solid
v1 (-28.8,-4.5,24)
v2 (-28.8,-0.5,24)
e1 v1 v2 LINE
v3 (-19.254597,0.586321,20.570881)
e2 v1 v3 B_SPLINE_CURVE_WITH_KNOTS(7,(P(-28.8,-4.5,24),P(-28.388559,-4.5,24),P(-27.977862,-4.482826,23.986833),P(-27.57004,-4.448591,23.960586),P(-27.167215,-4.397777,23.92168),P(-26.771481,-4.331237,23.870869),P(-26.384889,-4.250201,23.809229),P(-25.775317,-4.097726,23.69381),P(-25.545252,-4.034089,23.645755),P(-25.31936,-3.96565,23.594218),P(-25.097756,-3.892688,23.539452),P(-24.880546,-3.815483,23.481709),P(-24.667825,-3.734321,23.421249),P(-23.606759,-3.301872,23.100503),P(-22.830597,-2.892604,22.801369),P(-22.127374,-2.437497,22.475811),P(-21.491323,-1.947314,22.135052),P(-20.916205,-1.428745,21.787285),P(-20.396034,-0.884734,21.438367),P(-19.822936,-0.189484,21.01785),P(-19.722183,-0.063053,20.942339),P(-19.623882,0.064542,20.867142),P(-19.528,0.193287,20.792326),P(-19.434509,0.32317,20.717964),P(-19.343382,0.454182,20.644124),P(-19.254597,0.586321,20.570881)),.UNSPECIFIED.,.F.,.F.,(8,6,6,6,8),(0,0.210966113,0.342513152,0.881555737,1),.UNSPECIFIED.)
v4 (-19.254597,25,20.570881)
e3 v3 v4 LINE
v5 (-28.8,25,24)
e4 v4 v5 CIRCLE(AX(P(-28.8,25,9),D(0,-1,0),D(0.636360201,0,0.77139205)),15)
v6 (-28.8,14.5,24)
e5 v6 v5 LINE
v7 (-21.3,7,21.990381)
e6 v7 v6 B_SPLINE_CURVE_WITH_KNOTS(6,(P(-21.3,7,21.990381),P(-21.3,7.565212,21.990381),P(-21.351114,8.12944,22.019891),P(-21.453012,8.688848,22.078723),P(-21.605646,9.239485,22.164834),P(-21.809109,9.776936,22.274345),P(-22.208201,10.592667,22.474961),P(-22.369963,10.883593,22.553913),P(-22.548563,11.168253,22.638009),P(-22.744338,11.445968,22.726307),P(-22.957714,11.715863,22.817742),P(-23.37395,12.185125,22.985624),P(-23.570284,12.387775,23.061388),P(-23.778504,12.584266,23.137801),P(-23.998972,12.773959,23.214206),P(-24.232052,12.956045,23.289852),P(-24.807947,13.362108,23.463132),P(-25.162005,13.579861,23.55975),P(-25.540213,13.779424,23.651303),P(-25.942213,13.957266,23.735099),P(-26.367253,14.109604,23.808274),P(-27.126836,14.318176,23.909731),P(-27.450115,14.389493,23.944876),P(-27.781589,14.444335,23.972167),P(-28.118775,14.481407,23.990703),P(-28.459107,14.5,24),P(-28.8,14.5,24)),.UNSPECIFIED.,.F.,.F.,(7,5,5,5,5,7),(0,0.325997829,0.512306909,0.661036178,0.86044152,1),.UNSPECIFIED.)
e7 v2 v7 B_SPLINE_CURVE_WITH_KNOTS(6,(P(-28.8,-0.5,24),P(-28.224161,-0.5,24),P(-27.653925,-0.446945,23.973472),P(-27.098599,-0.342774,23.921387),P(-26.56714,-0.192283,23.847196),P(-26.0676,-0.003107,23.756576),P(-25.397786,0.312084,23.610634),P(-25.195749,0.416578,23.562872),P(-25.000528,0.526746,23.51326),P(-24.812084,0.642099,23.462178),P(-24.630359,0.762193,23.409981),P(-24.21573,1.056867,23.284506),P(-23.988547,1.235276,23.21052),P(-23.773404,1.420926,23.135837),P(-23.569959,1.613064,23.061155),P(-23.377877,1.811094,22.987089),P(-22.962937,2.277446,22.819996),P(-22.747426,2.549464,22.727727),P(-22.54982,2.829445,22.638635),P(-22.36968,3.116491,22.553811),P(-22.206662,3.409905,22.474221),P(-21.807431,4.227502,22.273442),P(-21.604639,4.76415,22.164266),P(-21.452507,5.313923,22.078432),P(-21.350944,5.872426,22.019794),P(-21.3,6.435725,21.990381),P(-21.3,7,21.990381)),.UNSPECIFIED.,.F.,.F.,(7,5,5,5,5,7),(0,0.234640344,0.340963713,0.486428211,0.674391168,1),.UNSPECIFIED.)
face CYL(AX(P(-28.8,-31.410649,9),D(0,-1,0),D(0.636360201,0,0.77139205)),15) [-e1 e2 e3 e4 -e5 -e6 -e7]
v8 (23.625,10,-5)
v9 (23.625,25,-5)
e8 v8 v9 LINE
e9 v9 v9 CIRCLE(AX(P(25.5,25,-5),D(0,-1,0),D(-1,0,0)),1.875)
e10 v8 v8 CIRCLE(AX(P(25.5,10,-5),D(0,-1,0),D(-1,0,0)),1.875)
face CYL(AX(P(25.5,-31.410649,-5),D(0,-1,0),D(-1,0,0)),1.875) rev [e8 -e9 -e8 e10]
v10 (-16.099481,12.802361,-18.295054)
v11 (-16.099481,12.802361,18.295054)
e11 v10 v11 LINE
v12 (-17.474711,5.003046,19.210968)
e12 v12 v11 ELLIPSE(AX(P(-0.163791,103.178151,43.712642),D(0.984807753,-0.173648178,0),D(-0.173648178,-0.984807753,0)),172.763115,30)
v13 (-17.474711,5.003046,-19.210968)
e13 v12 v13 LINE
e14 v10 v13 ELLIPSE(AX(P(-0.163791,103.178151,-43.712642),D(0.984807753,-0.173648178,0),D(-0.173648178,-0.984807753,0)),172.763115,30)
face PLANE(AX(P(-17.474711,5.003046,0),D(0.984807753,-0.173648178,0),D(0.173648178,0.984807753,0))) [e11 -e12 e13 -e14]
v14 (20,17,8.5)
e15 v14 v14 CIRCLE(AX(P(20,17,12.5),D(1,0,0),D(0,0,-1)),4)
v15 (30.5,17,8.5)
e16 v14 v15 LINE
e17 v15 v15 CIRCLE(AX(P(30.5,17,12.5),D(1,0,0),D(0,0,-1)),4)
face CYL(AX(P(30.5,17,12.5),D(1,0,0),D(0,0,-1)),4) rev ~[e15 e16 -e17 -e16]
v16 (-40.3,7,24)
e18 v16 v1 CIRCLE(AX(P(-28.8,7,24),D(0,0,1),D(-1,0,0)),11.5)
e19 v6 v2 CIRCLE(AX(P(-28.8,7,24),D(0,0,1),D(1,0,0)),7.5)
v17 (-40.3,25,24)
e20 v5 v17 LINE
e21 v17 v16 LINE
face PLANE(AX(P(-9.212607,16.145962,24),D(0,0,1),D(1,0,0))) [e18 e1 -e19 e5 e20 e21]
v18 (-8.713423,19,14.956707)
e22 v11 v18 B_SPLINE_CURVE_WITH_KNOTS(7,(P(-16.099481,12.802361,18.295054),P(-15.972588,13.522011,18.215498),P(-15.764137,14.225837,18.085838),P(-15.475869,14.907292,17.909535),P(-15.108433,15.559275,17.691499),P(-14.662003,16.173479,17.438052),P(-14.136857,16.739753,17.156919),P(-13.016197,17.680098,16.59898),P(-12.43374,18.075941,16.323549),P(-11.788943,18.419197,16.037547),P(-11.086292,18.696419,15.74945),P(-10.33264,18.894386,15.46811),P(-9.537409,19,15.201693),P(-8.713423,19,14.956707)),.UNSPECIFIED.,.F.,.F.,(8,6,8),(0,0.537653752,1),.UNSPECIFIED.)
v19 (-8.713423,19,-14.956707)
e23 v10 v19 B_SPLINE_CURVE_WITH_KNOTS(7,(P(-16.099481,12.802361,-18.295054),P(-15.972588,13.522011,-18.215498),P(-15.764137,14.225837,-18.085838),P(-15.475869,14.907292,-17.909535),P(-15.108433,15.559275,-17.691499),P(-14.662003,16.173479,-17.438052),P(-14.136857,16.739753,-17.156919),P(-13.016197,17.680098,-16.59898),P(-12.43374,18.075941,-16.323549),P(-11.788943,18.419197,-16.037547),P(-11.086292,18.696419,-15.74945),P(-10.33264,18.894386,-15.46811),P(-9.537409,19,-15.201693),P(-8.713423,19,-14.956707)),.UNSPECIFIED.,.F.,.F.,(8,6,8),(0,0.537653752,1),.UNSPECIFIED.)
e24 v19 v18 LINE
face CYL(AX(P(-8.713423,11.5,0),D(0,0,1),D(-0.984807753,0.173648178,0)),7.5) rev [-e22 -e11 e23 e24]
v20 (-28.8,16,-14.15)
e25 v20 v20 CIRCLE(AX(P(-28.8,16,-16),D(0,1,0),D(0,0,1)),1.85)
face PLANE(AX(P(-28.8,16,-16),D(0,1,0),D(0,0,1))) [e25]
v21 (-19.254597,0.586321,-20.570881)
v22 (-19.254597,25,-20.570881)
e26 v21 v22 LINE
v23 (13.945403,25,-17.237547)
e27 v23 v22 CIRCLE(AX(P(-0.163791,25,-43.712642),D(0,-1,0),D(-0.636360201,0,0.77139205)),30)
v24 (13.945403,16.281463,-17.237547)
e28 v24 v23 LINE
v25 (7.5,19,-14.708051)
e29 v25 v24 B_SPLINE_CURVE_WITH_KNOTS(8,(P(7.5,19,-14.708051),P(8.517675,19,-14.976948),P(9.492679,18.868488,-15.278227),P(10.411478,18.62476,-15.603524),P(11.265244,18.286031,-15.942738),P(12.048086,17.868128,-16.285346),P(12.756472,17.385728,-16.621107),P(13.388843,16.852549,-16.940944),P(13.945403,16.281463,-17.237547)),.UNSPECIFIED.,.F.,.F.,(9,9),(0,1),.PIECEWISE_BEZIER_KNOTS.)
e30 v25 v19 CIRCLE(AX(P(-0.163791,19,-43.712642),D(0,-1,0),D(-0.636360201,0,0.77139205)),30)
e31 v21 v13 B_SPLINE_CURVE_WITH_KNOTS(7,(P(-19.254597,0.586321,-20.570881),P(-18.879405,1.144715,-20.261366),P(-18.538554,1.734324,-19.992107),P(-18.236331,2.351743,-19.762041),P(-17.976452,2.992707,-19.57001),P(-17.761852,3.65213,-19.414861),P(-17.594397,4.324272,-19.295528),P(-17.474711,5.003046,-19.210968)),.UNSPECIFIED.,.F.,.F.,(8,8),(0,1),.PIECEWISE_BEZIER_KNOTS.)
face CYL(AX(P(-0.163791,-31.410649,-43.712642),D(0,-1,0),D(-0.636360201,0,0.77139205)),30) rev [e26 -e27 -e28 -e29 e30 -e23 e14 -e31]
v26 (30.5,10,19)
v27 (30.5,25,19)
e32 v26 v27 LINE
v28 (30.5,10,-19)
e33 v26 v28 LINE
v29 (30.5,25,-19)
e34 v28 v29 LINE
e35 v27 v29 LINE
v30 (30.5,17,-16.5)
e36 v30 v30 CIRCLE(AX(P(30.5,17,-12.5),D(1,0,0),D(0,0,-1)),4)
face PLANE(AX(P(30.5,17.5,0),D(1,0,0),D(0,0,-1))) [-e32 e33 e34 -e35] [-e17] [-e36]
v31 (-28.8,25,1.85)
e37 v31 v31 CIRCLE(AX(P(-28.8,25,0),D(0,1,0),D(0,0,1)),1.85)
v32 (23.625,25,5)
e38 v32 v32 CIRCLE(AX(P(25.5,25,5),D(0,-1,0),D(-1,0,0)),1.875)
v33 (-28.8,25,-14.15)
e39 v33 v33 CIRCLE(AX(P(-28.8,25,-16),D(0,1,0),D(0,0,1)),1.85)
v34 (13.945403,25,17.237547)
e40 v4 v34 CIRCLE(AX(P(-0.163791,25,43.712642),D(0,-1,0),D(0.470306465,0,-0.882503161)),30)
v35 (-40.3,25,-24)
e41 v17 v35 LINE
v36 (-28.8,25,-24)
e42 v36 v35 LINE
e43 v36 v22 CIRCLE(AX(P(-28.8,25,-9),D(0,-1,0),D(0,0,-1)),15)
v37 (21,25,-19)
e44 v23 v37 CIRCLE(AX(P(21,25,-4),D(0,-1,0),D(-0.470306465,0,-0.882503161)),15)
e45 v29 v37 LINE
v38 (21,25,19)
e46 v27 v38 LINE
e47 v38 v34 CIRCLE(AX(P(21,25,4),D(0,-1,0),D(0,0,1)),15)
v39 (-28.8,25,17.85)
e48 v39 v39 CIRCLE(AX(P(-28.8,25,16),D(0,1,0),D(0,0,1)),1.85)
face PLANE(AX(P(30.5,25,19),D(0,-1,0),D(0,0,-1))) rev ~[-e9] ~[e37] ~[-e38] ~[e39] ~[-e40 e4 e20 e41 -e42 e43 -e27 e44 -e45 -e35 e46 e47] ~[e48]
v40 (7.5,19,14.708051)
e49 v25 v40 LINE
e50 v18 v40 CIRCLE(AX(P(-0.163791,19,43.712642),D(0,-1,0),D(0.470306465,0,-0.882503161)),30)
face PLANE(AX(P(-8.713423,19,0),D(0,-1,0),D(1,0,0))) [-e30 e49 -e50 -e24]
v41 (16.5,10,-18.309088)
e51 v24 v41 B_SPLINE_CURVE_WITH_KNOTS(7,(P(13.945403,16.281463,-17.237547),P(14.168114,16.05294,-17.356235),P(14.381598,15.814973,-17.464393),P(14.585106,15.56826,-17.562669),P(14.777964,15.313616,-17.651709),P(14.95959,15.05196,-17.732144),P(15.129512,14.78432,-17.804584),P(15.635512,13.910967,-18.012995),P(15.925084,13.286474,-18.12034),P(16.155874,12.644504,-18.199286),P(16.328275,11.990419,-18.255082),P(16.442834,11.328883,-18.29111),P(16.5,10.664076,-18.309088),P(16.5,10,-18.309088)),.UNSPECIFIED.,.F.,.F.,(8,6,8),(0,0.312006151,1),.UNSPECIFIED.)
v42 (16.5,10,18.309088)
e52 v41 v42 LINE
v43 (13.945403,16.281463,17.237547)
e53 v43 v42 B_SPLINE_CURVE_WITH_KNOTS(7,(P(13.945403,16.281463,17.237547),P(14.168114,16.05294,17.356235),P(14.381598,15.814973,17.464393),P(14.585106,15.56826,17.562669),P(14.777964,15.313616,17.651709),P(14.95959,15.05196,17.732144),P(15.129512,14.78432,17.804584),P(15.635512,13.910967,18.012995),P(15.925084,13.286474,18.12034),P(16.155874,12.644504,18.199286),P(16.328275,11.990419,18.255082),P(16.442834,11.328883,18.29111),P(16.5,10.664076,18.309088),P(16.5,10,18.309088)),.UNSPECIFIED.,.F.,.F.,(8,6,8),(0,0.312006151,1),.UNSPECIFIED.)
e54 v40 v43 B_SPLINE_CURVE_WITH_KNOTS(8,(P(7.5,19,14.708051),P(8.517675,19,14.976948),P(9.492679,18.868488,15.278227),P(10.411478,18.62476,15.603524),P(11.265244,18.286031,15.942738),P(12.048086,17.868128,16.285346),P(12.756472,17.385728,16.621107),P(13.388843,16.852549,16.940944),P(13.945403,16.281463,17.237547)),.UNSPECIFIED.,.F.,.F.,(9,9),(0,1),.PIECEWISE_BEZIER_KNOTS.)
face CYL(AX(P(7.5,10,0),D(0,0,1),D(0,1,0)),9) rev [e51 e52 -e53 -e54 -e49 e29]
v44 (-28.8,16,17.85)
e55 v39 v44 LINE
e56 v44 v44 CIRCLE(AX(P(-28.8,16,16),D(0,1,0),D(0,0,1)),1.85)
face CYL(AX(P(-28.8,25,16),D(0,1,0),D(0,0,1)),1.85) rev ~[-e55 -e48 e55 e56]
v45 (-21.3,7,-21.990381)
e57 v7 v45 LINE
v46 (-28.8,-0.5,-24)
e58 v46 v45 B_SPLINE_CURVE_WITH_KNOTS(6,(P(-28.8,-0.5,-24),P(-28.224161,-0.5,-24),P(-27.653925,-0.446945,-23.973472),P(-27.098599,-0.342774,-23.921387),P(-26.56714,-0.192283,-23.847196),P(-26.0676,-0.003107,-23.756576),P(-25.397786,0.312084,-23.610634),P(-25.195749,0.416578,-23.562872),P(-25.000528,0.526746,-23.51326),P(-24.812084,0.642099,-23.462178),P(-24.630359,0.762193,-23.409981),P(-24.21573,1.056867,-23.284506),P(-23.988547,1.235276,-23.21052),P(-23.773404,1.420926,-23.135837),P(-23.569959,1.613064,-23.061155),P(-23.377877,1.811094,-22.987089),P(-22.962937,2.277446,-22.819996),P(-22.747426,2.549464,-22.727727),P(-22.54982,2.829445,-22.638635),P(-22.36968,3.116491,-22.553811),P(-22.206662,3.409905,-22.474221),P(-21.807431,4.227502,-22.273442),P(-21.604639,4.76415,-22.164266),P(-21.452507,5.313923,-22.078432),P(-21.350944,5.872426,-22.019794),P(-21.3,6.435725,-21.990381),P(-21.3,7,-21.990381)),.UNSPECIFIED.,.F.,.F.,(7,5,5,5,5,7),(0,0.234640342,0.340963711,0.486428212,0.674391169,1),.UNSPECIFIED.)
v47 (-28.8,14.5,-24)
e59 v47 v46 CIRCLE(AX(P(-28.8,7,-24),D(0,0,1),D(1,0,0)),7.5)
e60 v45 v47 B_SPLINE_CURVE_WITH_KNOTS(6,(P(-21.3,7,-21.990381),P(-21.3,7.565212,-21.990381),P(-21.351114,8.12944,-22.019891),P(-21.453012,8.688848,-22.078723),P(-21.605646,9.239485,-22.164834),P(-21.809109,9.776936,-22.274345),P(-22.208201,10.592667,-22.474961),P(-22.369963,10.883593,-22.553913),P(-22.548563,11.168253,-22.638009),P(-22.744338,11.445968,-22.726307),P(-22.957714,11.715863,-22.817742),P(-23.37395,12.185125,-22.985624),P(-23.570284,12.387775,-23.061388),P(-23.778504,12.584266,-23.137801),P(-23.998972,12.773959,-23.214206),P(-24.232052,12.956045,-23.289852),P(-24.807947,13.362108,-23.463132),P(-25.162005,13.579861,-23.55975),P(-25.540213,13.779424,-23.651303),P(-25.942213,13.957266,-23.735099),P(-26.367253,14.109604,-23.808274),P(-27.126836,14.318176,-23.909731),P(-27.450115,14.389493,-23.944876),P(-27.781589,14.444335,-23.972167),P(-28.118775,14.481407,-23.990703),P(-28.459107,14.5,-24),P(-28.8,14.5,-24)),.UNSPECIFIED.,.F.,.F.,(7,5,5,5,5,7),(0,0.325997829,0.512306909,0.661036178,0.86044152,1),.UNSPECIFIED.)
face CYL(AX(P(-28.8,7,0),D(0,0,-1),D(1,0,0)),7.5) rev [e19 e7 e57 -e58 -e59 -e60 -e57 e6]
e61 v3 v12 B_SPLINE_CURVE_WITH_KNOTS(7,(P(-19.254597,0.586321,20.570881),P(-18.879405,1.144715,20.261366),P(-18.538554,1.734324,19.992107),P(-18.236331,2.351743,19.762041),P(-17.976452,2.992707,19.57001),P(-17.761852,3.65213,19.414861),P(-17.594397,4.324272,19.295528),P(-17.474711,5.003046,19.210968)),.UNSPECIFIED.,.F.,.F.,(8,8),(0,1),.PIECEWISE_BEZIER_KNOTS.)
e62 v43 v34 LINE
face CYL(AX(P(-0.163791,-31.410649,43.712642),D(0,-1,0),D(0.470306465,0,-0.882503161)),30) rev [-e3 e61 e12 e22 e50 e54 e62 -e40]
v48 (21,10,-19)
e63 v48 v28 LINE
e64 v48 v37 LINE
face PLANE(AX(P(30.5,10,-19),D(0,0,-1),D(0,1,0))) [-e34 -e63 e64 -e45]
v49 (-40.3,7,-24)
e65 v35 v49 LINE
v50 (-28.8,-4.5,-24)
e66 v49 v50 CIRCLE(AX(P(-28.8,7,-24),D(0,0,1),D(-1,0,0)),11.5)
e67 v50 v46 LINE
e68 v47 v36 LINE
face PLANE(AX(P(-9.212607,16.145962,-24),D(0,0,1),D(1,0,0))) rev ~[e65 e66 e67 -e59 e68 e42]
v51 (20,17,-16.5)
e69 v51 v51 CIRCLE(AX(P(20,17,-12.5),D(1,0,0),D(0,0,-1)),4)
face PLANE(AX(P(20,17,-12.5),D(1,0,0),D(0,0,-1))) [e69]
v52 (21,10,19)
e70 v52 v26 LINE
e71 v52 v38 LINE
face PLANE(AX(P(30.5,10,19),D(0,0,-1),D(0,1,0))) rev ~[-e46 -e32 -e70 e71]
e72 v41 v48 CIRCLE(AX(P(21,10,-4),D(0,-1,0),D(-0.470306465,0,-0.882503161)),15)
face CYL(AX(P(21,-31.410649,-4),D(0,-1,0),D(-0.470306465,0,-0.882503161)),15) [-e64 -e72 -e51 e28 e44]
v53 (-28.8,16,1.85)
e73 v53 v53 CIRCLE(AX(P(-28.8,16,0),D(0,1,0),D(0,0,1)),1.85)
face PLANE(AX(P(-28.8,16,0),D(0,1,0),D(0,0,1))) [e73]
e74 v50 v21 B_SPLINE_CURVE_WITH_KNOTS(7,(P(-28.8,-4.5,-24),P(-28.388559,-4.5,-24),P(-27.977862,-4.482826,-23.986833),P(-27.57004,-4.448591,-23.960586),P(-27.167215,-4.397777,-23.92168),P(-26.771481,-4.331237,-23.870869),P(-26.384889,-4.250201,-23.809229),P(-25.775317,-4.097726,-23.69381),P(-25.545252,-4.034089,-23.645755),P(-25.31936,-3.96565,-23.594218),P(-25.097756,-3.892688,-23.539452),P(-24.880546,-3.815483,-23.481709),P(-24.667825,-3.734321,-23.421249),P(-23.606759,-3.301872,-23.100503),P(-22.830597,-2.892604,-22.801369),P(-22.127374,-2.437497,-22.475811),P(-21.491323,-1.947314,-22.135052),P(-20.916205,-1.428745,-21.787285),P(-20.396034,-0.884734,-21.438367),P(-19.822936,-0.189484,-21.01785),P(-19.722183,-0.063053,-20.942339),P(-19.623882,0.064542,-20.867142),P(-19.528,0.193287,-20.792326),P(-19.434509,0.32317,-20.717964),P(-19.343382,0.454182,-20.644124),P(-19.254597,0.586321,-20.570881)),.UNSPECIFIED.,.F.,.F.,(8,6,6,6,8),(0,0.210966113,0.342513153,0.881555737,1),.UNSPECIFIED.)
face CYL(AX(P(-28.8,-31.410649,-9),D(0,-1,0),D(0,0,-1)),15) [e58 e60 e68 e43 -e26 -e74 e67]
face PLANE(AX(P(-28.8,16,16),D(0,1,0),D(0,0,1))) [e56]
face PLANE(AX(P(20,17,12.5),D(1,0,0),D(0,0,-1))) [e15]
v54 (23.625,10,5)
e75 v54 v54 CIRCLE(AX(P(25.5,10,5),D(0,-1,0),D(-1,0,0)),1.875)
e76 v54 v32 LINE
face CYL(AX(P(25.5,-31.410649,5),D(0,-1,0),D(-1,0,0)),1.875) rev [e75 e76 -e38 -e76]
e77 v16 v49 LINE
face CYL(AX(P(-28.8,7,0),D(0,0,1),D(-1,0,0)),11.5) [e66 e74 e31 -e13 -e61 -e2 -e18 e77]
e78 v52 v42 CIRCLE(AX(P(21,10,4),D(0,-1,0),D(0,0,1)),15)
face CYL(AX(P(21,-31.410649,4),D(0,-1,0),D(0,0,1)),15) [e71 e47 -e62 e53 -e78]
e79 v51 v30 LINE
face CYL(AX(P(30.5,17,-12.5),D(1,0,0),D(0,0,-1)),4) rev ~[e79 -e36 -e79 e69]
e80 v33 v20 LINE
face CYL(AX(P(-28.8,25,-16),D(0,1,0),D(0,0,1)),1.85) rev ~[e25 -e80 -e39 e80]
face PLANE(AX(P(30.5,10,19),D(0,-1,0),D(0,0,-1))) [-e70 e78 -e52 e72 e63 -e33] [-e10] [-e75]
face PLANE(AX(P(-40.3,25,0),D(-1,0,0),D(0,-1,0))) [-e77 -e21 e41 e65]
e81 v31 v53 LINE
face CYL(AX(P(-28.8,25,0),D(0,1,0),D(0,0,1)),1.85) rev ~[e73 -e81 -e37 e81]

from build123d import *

# Parameters (mm, degrees)
SKETCH1_R               = 7.5
BOSS_EXTRUDE1_DEPTH     = 24
SKETCH2_R               = 4
CUT_EXTRUDE1_DEPTH      = 5
CUT_EXTRUDE2_DEPTH      = 56.410648796
CUT_EXTRUDE2_DEPTH_BACK = 56.410648796
BOSS_EXTRUDE2_START     = 5.5
SKETCH4_W               = 38
SKETCH4_H               = 15
SKETCH4_R               = 4
BOSS_EXTRUDE2_DEPTH     = 5.5
CUT_EXTRUDE3_DEPTH      = 56.410648965
CUT_EXTRUDE3_DEPTH_BACK = 56.410648965
SKETCH5_R               = 1.875
SKETCH6_R               = 1.85
CUT_EXTRUDE4_DEPTH      = 9


with BuildPart() as part:
    # Sketch1 → Boss-Extrude1 (new, symmetric)
    with BuildSketch(Plane.XY):
        with BuildLine():
            Line((-17.47471084, 5.003045957), (-16.099481109, 12.802361333))
            ThreePointArc((-16.099481109, 12.802361333), (-13.534330034, 17.245333323), (-8.713422961, 19))
            Line((-8.713422961, 19), (7.5, 19))
            ThreePointArc((7.5, 19), (13.863961031, 16.363961031), (16.5, 10))
            Line((16.5, 10), (25, 10))
            Line((25, 10), (25, 25))
            Line((25, 25), (12.627503281, 25))
            Line((12.627503281, 25), (-40.3, 25))
            Line((-40.3, 25), (-40.3, 7))
            ThreePointArc((-40.3, 7), (-29.802291042, -4.456239028), (-17.47471084, 5.003045957))
        make_face()
        with Locations((-28.8, 7)):
            Circle(SKETCH1_R, mode=Mode.SUBTRACT)
    extrude(amount=BOSS_EXTRUDE1_DEPTH, both=True)

    # Sketch2 → Cut-Extrude1 (cut)
    with BuildSketch(Plane(origin=(25, 0, 0), x_dir=(0, 0, -1), z_dir=(1, 0, 0))):
        with Locations((-12.5, 17)):
            Circle(SKETCH2_R)
        with Locations((12.5, 17)):
            Circle(SKETCH2_R)
    extrude(amount=-CUT_EXTRUDE1_DEPTH, mode=Mode.SUBTRACT)

    # Sketch3 → Cut-Extrude2 (cut, two sides: drawn at the far end of the back side and taken through both)
    with BuildSketch(Plane(origin=(0, 25, 0), x_dir=(1, 0, 0), z_dir=(0, 1, 0)).offset(-CUT_EXTRUDE2_DEPTH_BACK)):
        with BuildLine():
            Line((-28.8, -24), (25, -24))
            Line((25, -24), (25, -19))
            Line((25, -19), (21, -19))
            ThreePointArc((21, -19), (17.364289008, -18.552718151), (13.94540302, -17.237547411))
            ThreePointArc((13.94540302, -17.237547411), (-3.160771505, -13.862715808), (-19.25459698, -20.570880744))
            ThreePointArc((-19.25459698, -20.570880744), (-23.728669364, -23.116713696), (-28.8, -24))
        make_face()
        with BuildLine():
            Line((21, 19), (25, 19))
            Line((25, 19), (25, 24))
            Line((25, 24), (-28.8, 24))
            ThreePointArc((-28.8, 24), (-23.728669364, 23.116713696), (-19.25459698, 20.570880744))
            ThreePointArc((-19.25459698, 20.570880744), (-3.160771505, 13.862715808), (13.94540302, 17.237547411))
            ThreePointArc((13.94540302, 17.237547411), (17.364289008, 18.552718151), (21, 19))
        make_face()
    extrude(amount=CUT_EXTRUDE2_DEPTH + CUT_EXTRUDE2_DEPTH_BACK, mode=Mode.SUBTRACT)

    # Sketch4 → Boss-Extrude2 (add)
    with BuildSketch(Plane(origin=(25, 0, 0), x_dir=(0, 0, -1), z_dir=(1, 0, 0)).offset(BOSS_EXTRUDE2_START)):
        with Locations((0, 17.5)):
            Rectangle(SKETCH4_W, SKETCH4_H)
        with Locations((12.5, 17)):
            Circle(SKETCH4_R, mode=Mode.SUBTRACT)
        with Locations((-12.5, 17)):
            Circle(SKETCH4_R, mode=Mode.SUBTRACT)
    extrude(amount=-BOSS_EXTRUDE2_DEPTH)

    # Sketch5 → Cut-Extrude3 (cut, two sides: drawn at the far end of the back side and taken through both)
    with BuildSketch(Plane(origin=(0, 25, 0), x_dir=(1, 0, 0), z_dir=(0, 1, 0)).offset(-CUT_EXTRUDE3_DEPTH_BACK)):
        with Locations(Location((25.5, -5, 0), (0, 0, 180))):
            Circle(SKETCH5_R)
        with Locations(Location((25.5, 5, 0), (0, 0, 180))):
            Circle(SKETCH5_R)
    extrude(amount=CUT_EXTRUDE3_DEPTH + CUT_EXTRUDE3_DEPTH_BACK, mode=Mode.SUBTRACT)

    # Sketch6 → Cut-Extrude4 (cut)
    with BuildSketch(Plane(origin=(0, 25, 0), x_dir=(1, 0, 0), z_dir=(0, 1, 0))):
        with Locations(Location((-28.8, 16, 0), (0, 0, 270))):
            Circle(SKETCH6_R)
        with Locations(Location((-28.8, 0, 0), (0, 0, 270))):
            Circle(SKETCH6_R)
        with Locations(Location((-28.8, -16, 0), (0, 0, 270))):
            Circle(SKETCH6_R)
    extrude(amount=-CUT_EXTRUDE4_DEPTH, mode=Mode.SUBTRACT)


solid = part.part
